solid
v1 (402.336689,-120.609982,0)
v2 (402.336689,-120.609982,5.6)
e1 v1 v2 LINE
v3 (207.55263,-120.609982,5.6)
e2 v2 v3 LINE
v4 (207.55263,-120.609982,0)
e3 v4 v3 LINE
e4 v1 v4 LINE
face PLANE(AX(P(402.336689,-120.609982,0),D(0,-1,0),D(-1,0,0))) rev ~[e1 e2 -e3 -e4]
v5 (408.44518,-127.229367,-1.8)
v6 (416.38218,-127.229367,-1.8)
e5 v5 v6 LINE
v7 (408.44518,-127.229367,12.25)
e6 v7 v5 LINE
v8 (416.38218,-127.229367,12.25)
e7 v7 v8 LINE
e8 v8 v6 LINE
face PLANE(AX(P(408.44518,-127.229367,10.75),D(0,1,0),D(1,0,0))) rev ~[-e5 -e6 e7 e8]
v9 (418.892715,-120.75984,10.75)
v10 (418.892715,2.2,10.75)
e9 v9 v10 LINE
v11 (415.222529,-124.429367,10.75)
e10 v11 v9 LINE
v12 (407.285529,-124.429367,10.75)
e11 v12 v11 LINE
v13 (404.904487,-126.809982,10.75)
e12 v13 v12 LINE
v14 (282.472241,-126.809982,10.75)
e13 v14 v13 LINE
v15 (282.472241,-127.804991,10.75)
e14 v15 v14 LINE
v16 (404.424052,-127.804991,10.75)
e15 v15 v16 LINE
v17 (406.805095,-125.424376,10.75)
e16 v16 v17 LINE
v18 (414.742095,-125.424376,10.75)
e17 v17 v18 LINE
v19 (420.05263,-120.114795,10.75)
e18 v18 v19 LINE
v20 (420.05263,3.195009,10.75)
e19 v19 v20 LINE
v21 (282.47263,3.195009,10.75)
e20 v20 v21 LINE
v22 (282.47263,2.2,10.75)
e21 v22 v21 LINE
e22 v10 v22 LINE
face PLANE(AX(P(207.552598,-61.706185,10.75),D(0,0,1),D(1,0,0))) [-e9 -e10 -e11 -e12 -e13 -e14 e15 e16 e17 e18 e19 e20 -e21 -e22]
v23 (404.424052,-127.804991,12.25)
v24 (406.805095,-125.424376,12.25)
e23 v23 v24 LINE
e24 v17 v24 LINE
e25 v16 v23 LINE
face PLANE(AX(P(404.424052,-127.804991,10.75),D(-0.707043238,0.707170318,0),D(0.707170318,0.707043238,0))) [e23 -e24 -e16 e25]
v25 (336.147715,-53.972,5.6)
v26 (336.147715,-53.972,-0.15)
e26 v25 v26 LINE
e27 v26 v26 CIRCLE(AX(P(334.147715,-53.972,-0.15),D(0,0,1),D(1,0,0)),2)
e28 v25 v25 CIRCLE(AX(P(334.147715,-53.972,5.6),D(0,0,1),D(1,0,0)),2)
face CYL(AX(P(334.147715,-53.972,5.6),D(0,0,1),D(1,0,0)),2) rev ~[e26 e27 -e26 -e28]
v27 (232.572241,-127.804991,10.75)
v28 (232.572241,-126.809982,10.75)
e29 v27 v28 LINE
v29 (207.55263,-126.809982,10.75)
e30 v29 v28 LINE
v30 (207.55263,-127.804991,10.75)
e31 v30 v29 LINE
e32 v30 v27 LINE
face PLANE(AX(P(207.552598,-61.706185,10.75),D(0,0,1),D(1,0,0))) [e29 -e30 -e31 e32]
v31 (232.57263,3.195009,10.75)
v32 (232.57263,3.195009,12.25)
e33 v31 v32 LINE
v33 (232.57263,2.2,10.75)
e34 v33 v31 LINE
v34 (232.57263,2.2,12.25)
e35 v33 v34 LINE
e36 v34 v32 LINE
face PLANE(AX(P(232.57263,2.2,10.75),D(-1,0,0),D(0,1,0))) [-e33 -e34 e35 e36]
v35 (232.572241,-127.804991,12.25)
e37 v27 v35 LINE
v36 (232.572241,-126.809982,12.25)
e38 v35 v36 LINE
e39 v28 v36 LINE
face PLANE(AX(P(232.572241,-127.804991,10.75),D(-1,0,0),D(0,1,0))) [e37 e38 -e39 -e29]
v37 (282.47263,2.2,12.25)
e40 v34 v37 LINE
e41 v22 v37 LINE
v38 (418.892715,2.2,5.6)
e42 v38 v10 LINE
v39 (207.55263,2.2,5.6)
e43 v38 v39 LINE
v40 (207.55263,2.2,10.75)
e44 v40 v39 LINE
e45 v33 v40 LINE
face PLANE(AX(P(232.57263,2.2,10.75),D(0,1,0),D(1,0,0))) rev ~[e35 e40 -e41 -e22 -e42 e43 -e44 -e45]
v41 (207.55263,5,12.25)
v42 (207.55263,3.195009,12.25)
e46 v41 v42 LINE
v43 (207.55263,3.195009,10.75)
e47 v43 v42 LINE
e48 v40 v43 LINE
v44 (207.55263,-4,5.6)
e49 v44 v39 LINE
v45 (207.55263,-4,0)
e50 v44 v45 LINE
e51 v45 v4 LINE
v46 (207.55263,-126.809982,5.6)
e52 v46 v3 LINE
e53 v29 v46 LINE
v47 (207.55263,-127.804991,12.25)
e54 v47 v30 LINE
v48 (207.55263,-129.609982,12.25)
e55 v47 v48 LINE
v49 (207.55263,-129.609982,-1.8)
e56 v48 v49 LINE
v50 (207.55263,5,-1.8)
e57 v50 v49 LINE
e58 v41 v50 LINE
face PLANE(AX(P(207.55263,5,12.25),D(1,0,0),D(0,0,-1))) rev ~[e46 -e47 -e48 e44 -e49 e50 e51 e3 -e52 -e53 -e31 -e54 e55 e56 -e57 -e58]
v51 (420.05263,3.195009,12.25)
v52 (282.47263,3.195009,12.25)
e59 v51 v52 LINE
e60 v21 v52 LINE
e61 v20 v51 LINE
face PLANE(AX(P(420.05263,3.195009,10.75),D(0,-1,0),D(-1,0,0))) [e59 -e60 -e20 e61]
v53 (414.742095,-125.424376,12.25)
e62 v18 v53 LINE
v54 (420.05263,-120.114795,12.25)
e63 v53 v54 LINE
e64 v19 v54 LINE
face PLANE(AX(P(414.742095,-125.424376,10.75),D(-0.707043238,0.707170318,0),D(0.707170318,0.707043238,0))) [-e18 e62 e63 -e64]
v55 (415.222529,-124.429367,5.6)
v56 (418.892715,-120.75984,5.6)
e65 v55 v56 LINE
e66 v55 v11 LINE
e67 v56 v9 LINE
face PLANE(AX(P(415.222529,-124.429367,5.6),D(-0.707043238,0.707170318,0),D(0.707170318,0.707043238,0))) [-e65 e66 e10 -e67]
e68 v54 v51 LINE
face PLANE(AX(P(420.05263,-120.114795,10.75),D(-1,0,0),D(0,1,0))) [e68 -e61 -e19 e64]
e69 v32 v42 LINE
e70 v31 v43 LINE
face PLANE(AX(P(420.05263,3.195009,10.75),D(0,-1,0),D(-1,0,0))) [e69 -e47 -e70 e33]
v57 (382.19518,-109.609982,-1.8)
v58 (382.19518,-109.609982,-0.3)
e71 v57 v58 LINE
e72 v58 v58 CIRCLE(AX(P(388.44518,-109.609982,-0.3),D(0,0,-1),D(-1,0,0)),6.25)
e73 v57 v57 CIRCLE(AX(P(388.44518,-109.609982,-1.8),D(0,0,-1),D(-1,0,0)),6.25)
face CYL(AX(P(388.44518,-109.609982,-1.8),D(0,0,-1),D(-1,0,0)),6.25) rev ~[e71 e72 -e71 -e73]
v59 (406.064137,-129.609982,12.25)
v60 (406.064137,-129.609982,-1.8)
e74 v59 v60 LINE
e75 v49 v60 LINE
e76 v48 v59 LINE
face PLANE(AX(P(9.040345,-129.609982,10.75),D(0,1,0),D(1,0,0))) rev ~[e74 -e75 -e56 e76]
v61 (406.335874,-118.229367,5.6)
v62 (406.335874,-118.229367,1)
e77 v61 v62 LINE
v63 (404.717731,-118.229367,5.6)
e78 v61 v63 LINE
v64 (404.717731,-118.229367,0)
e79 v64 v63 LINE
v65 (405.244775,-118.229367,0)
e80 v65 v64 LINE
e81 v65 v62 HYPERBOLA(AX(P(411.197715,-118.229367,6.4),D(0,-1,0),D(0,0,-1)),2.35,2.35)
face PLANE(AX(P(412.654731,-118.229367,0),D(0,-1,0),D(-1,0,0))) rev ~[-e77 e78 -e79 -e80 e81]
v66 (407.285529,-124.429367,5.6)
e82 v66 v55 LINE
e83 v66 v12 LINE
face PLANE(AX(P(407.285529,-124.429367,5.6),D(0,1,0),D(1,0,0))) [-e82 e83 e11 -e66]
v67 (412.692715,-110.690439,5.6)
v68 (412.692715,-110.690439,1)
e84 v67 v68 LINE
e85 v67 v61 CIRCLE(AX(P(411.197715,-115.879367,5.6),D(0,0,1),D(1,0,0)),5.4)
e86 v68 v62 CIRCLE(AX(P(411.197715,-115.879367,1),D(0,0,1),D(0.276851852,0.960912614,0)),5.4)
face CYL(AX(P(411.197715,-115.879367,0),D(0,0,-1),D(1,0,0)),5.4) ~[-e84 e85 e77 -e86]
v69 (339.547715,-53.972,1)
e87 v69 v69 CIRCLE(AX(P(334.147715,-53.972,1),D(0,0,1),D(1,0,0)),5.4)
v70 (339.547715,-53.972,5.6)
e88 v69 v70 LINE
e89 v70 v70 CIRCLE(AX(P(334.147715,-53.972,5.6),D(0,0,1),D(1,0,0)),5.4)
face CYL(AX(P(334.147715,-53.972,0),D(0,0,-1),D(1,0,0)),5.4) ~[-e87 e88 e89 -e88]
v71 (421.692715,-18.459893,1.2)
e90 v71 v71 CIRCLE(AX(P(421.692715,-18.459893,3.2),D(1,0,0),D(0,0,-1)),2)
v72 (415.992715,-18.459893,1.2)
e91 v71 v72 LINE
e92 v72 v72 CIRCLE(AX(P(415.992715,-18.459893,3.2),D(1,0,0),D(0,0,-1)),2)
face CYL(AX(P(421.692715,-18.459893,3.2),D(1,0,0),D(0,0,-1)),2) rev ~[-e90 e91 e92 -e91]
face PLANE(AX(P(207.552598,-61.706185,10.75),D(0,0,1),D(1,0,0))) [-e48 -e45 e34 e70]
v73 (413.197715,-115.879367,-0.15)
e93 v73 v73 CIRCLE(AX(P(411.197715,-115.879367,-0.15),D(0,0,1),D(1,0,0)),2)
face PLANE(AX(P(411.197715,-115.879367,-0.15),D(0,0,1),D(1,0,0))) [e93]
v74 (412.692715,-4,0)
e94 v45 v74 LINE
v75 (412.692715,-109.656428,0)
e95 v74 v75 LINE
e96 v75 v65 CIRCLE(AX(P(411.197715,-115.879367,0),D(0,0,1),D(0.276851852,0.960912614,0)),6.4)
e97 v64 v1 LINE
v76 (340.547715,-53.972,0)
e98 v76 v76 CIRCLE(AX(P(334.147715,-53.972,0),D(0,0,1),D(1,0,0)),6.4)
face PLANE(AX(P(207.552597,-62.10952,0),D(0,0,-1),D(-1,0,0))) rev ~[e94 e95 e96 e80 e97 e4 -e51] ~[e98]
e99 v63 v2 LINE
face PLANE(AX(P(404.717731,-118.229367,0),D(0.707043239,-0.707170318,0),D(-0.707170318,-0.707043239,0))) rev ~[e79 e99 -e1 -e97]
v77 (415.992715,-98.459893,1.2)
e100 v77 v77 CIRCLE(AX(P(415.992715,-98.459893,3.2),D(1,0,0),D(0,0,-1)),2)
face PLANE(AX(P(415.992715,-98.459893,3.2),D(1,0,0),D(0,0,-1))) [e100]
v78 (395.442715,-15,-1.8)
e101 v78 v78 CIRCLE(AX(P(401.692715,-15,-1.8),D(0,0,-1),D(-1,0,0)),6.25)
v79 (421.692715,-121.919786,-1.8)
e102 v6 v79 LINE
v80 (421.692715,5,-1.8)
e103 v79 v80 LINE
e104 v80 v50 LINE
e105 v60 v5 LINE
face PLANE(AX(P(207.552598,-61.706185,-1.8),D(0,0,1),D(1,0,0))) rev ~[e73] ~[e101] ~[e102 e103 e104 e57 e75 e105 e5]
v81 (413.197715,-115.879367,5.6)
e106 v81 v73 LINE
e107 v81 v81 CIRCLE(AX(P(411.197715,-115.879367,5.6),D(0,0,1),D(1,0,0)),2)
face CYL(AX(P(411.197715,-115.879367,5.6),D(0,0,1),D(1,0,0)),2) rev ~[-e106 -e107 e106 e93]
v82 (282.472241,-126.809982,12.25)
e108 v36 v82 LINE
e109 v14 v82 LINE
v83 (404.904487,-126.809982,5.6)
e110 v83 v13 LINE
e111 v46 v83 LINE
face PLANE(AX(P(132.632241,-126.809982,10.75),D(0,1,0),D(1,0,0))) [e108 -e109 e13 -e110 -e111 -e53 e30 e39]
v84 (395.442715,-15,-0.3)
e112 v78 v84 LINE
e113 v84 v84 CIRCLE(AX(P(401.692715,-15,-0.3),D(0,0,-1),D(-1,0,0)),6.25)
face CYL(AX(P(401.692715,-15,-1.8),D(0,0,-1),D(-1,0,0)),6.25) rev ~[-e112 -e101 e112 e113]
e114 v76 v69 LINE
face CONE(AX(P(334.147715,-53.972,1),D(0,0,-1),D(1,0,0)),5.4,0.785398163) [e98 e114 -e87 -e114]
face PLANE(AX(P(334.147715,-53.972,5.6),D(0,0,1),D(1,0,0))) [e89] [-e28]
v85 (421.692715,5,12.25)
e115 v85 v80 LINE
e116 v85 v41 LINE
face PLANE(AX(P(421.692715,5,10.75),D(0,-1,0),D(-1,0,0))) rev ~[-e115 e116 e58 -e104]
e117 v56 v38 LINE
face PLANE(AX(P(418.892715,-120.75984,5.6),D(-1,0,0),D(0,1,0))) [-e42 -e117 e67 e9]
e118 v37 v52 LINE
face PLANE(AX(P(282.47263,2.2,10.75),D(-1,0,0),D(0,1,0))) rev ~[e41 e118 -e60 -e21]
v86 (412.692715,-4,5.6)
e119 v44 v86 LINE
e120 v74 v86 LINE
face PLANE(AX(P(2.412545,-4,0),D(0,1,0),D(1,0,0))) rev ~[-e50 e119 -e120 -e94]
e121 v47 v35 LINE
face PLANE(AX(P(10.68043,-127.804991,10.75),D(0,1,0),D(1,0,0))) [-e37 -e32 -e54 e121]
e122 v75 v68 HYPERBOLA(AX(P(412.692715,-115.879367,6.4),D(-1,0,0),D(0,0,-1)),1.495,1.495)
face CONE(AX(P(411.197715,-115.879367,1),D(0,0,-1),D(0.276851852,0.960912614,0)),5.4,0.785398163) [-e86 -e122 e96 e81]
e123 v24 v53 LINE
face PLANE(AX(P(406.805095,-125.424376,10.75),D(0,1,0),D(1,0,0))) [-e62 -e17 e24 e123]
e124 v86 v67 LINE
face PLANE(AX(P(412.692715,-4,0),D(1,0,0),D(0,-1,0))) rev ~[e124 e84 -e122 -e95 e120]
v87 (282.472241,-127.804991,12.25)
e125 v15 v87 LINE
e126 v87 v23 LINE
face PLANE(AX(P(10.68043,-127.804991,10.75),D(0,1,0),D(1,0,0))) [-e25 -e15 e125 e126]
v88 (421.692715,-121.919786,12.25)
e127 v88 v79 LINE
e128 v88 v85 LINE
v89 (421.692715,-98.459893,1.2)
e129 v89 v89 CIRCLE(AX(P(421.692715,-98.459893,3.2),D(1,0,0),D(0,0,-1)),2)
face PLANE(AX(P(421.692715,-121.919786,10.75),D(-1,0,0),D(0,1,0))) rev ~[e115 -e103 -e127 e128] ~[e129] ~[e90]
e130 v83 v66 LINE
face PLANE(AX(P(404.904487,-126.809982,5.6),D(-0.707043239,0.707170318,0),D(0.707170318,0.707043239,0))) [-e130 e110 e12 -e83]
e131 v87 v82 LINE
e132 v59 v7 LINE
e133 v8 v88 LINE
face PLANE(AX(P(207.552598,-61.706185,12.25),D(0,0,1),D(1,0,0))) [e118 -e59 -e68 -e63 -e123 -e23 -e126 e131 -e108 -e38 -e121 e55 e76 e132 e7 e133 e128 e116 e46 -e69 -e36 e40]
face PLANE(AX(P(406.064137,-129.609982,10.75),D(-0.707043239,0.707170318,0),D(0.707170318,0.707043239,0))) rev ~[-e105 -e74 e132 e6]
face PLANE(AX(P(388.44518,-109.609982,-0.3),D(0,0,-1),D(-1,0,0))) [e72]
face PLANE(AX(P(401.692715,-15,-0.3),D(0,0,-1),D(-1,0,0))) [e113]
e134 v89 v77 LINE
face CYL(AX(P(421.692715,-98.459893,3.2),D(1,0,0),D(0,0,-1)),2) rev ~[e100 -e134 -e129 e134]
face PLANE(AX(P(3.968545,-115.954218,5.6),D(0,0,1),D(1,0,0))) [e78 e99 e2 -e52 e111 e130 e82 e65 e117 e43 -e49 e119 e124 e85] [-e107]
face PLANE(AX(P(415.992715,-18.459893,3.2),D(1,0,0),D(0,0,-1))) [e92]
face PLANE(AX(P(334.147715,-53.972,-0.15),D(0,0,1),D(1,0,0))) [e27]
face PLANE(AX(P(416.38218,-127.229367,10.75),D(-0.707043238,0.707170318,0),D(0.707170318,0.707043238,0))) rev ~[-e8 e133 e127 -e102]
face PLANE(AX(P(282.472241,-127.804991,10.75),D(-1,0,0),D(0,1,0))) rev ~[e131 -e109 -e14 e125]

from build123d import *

# Parameters (mm, degrees)
P_IDAT_VYSUNUT_M1_DEPTH  = 5.6
SKO_EPINA1_T             = 1.8
P_IDAT_VYSUNUT_M3_DEPTH  = 5.15
P_IDAT_VYSUNUT_M4_DEPTH  = 7.4
P_IDAT_VYSUNUT_M5_DEPTH  = 1.5
SKICA14_W                = 49.9
SKICA14_H                = 0.995009232
P_IDAT_VYSUNUT_M6_DEPTH  = 1.5
SKICA15_R                = 5.4
SKICA15_W                = 3
SKICA15_H                = 9
P_IDAT_VYSUNUT_M7_DEPTH  = 5.6
SKICA16_R                = 2
ODEBRAT_VYSUNUT_M1_DEPTH = 5.75
ZKOSEN_1_SIZE            = 1
SKICA17_W                = 24
SKICA17_H                = 13.4
ODEBRAT_VYSUNUT_M2_DEPTH = 1.6
ODEBRAT_VYSUNUT_M3_REACH = 442.031
SKICA23_R                = 2
ODEBRAT_VYSUNUT_M4_DEPTH = 5.7
SKICA24_R                = 2
ODEBRAT_VYSUNUT_M5_DEPTH = 5.7
SKICA25_R                = 6.25
ODEBRAT_VYSUNUT_M6_DEPTH = 1.5
SKICA26_W                = 214.14008497
SKICA26_H                = 14.05
ODEBRAT_VYSUNUT_M7_DEPTH = 443.82576223


with BuildPart() as part:
    # Skica3 → Přidat vysunutím1 (new body)
    with BuildSketch(Plane.XY):
        Polygon((2.412545276, -4), (412.692715215, -4), (412.692715215, -118.191389918), (412.654731358, -118.229366948), (404.717731358, -118.229366948), (402.336688893, -120.609981536), (12.768122748, -120.609981536), (10.387229089, -118.22921813), (2.450229089, -118.22921813), (2.412545276, -118.191536378), align=None)
    extrude(amount=P_IDAT_VYSUNUT_M1_DEPTH)

    # Skořepina1
    sko_epina1_openings = [part.faces().sort_by_distance(p)[0] for p in [
        (207.552632266, -62.25279763, 5.6),
    ]]
    offset(amount=SKO_EPINA1_T, openings=sko_epina1_openings, kind=Kind.INTERSECTION)



with BuildPart() as body_2:
    # Skica7 → Přidat vysunutím3 (new body)
    with BuildSketch(Plane.XY.offset(5.6)):
        Polygon((-6.587454724, 5), (-6.587454724, -121.919602656), (-1.277548758, -127.22921813), (6.659451242, -127.22921813), (9.040344901, -129.609981536), (406.06413722, -129.609981536), (408.445179685, -127.229366948), (416.382179685, -127.229366948), (421.692715215, -121.919785731), (421.692715215, 5), align=None)
        Polygon((-3.787454724, 2.2), (-3.787454724, -120.759759814), (-0.11779565, -124.42921813), (7.81920435, -124.42921813), (10.200098009, -126.809981536), (404.904486629, -126.809981536), (407.285529094, -124.429366948), (415.222529094, -124.429366948), (418.892715215, -120.759840367), (418.892715215, 2.2), align=None, mode=Mode.SUBTRACT)
    extrude(amount=P_IDAT_VYSUNUT_M3_DEPTH)


with BuildPart() as part_1:
    add(part.part)

    add(body_2.part)  # Přidat vysunutím4 merges body 2
    # Skica8 → Přidat vysunutím4 (add)
    with BuildSketch(Plane(origin=(0, 0, 5.6), x_dir=(-1, 0, 0), z_dir=(0, 0, -1))):
        Polygon((-421.692715215, 5), (6.587454724, 5), (6.587454724, -121.919602656), (1.277548758, -127.22921813), (-6.659451242, -127.22921813), (-9.040344901, -129.609981536), (-406.06413722, -129.609981536), (-408.445179685, -127.229366948), (-416.382179685, -127.229366948), (-421.692715215, -121.919785731), align=None)
        Polygon((-0.612545276, -2.2), (-0.612545276, -118.937149634), (-1.70467352, -120.02921813), (-9.64167352, -120.02921813), (-12.022567179, -122.409981536), (-403.082178558, -122.409981536), (-405.463221024, -120.029366948), (-413.400221024, -120.029366948), (-414.492715215, -118.93706908), (-414.492715215, -2.2), align=None, mode=Mode.SUBTRACT)
    extrude(amount=P_IDAT_VYSUNUT_M4_DEPTH)

    # Skica11 → Přidat vysunutím5 (add)
    with BuildSketch(Plane.XY.offset(10.75)):
        Polygon((421.692715215, 5), (-6.587454724, 5), (-6.587454724, -121.919602656), (-1.277548758, -127.22921813), (6.659451242, -127.22921813), (9.040344901, -129.609981536), (406.06413722, -129.609981536), (408.445179685, -127.229366948), (416.382179685, -127.229366948), (421.692715215, -121.919785731), align=None)
        Polygon((420.052630246, 3.195009232), (-4.947369754, 3.195009232), (-4.947369754, -120.114611888), (-0.239981646, -124.821742467), (7.697018354, -124.821742467), (10.68042987, -127.804990768), (404.42405225, -127.804990768), (406.805094715, -125.424376181), (414.742094715, -125.424376181), (420.052630246, -120.114794964), align=None, mode=Mode.SUBTRACT)
    extrude(amount=P_IDAT_VYSUNUT_M5_DEPTH)

    # Skica14 → Přidat vysunutím6 (add)
    with BuildSketch(Plane.XY.offset(10.75)):
        with Locations((157.582630246, 2.697504616)):
            Rectangle(SKICA14_W, SKICA14_H)
        with Locations((257.522630246, 2.697504616)):
            Rectangle(SKICA14_W, SKICA14_H)
        with Locations((257.52224106, -127.307486152)):
            Rectangle(SKICA14_W, SKICA14_H)
        with Locations((157.58224106, -127.307486152)):
            Rectangle(SKICA14_W, SKICA14_H)
    extrude(amount=P_IDAT_VYSUNUT_M6_DEPTH)

    # Skica15 → Přidat vysunutím7 (add)
    with BuildSketch(Plane.XY):
        with Locations((3.968545276, -115.95421813)):
            Circle(SKICA15_R)
        with Locations((33.491545276, -69.050981536)):
            Circle(SKICA15_R)
        with Locations((411.197715215, -115.879366948)):
            Circle(SKICA15_R)
        with Locations((334.147715215, -53.972)):
            Circle(SKICA15_R)
        with Locations((36.401545276, 0)):
            Rectangle(SKICA15_W, SKICA15_H)
    extrude(amount=P_IDAT_VYSUNUT_M7_DEPTH)

    # Skica16 → Odebrat vysunutím1 (cut)
    with BuildSketch(Plane.XY.offset(5.6)):
        with Locations((3.968545276, -115.95421813)):
            Circle(SKICA16_R)
        with Locations((33.491545276, -69.050981536)):
            Circle(SKICA16_R)
        with Locations((334.147715215, -53.972)):
            Circle(SKICA16_R)
        with Locations((411.197715215, -115.879366948)):
            Circle(SKICA16_R)
    extrude(amount=-ODEBRAT_VYSUNUT_M1_DEPTH, mode=Mode.SUBTRACT)

    # Zkosení1
    zkosen_1_edges = [part_1.edges().sort_by_distance(p)[0] for p in [
        (8.049207709, -112.417525591, 0),
        (28.091545276, -69.050981536, 0),
        (407.069426922, -112.398384936, 0),
        (328.747715215, -53.972, 0),
    ]]
    chamfer(zkosen_1_edges, length=ZKOSEN_1_SIZE)

    # Skica17 → Odebrat vysunutím2 (cut)
    with BuildSketch(Plane.XY.offset(5.6)):
        with Locations((36.401545276, -4.5)):
            Rectangle(SKICA17_W, SKICA17_H)
    extrude(amount=-ODEBRAT_VYSUNUT_M2_DEPTH, mode=Mode.SUBTRACT)

    # Odebrat vysunutím3: up to this face of the body (flat: up to its plane)
    odebrat_vysunut_m3_end = Plane(part_1.part.faces().sort_by_distance((207.552630246, 5, 5.225))[0])
    # Skica18 → Odebrat vysunutím3 (cut, up to the picked face)
    with BuildSketch(Plane.XZ.offset(4.5), mode=Mode.PRIVATE) as odebrat_vysunut_m3_sk1:
        with BuildLine():
            Line((33.651545276, 7.5), (39.151545276, 7.5))
            ThreePointArc((39.151545276, 7.5), (42.651545276, 4), (39.151545276, 0.5))
            Line((39.151545276, 0.5), (33.651545276, 0.5))
            ThreePointArc((33.651545276, 0.5), (30.151545276, 4), (33.651545276, 7.5))
        make_face()
    odebrat_vysunut_m3_tool1 = split(extrude(odebrat_vysunut_m3_sk1.sketch, amount=-ODEBRAT_VYSUNUT_M3_REACH, mode=Mode.PRIVATE), bisect_by=odebrat_vysunut_m3_end, keep=Keep.BOTH, mode=Mode.PRIVATE)
    add(odebrat_vysunut_m3_tool1.solids().sort_by(Axis((36.401545, -4.5, 4), (0, 1, 0)))[0], mode=Mode.SUBTRACT)

    # Skica23 → Odebrat vysunutím4 (cut)
    with BuildSketch(Plane.ZY.offset(6.587454724)):
        with Locations((3.2, -18.459801328)):
            Circle(SKICA23_R)
        with Locations((3.2, -98.459801328)):
            Circle(SKICA23_R)
    extrude(amount=-ODEBRAT_VYSUNUT_M4_DEPTH, mode=Mode.SUBTRACT)

    # Skica24 → Odebrat vysunutím5 (cut)
    with BuildSketch(Plane(origin=(421.692715215, 0, 0), x_dir=(0, 0, -1), z_dir=(1, 0, 0))):
        with Locations((-3.2, -18.459892866)):
            Circle(SKICA24_R)
        with Locations((-3.2, -98.459892866)):
            Circle(SKICA24_R)
    extrude(amount=-ODEBRAT_VYSUNUT_M5_DEPTH, mode=Mode.SUBTRACT)

    # Skica25 → Odebrat vysunutím6 (cut)
    with BuildSketch(Plane(origin=(0, 0, -1.8), x_dir=(-1, 0, 0), z_dir=(0, 0, -1))):
        with Locations((-401.692715215, -15)):
            Circle(SKICA25_R)
        with Locations((-13.412545276, -15)):
            Circle(SKICA25_R)
        with Locations((-388.445179685, -109.609981536)):
            Circle(SKICA25_R)
        with Locations((-26.659451242, -109.609981536)):
            Circle(SKICA25_R)
    extrude(amount=-ODEBRAT_VYSUNUT_M6_DEPTH, mode=Mode.SUBTRACT)

    # Skica26 → Odebrat vysunutím7 (cut, through all)
    with BuildSketch(Plane(origin=(0, 5, 0), x_dir=(1, 0, 0), z_dir=(0, 1, 0))):
        with Locations((100.482587761, -5.225)):
            Rectangle(SKICA26_W, SKICA26_H)
    extrude(amount=-ODEBRAT_VYSUNUT_M7_DEPTH, mode=Mode.SUBTRACT)


solid = part_1.part
